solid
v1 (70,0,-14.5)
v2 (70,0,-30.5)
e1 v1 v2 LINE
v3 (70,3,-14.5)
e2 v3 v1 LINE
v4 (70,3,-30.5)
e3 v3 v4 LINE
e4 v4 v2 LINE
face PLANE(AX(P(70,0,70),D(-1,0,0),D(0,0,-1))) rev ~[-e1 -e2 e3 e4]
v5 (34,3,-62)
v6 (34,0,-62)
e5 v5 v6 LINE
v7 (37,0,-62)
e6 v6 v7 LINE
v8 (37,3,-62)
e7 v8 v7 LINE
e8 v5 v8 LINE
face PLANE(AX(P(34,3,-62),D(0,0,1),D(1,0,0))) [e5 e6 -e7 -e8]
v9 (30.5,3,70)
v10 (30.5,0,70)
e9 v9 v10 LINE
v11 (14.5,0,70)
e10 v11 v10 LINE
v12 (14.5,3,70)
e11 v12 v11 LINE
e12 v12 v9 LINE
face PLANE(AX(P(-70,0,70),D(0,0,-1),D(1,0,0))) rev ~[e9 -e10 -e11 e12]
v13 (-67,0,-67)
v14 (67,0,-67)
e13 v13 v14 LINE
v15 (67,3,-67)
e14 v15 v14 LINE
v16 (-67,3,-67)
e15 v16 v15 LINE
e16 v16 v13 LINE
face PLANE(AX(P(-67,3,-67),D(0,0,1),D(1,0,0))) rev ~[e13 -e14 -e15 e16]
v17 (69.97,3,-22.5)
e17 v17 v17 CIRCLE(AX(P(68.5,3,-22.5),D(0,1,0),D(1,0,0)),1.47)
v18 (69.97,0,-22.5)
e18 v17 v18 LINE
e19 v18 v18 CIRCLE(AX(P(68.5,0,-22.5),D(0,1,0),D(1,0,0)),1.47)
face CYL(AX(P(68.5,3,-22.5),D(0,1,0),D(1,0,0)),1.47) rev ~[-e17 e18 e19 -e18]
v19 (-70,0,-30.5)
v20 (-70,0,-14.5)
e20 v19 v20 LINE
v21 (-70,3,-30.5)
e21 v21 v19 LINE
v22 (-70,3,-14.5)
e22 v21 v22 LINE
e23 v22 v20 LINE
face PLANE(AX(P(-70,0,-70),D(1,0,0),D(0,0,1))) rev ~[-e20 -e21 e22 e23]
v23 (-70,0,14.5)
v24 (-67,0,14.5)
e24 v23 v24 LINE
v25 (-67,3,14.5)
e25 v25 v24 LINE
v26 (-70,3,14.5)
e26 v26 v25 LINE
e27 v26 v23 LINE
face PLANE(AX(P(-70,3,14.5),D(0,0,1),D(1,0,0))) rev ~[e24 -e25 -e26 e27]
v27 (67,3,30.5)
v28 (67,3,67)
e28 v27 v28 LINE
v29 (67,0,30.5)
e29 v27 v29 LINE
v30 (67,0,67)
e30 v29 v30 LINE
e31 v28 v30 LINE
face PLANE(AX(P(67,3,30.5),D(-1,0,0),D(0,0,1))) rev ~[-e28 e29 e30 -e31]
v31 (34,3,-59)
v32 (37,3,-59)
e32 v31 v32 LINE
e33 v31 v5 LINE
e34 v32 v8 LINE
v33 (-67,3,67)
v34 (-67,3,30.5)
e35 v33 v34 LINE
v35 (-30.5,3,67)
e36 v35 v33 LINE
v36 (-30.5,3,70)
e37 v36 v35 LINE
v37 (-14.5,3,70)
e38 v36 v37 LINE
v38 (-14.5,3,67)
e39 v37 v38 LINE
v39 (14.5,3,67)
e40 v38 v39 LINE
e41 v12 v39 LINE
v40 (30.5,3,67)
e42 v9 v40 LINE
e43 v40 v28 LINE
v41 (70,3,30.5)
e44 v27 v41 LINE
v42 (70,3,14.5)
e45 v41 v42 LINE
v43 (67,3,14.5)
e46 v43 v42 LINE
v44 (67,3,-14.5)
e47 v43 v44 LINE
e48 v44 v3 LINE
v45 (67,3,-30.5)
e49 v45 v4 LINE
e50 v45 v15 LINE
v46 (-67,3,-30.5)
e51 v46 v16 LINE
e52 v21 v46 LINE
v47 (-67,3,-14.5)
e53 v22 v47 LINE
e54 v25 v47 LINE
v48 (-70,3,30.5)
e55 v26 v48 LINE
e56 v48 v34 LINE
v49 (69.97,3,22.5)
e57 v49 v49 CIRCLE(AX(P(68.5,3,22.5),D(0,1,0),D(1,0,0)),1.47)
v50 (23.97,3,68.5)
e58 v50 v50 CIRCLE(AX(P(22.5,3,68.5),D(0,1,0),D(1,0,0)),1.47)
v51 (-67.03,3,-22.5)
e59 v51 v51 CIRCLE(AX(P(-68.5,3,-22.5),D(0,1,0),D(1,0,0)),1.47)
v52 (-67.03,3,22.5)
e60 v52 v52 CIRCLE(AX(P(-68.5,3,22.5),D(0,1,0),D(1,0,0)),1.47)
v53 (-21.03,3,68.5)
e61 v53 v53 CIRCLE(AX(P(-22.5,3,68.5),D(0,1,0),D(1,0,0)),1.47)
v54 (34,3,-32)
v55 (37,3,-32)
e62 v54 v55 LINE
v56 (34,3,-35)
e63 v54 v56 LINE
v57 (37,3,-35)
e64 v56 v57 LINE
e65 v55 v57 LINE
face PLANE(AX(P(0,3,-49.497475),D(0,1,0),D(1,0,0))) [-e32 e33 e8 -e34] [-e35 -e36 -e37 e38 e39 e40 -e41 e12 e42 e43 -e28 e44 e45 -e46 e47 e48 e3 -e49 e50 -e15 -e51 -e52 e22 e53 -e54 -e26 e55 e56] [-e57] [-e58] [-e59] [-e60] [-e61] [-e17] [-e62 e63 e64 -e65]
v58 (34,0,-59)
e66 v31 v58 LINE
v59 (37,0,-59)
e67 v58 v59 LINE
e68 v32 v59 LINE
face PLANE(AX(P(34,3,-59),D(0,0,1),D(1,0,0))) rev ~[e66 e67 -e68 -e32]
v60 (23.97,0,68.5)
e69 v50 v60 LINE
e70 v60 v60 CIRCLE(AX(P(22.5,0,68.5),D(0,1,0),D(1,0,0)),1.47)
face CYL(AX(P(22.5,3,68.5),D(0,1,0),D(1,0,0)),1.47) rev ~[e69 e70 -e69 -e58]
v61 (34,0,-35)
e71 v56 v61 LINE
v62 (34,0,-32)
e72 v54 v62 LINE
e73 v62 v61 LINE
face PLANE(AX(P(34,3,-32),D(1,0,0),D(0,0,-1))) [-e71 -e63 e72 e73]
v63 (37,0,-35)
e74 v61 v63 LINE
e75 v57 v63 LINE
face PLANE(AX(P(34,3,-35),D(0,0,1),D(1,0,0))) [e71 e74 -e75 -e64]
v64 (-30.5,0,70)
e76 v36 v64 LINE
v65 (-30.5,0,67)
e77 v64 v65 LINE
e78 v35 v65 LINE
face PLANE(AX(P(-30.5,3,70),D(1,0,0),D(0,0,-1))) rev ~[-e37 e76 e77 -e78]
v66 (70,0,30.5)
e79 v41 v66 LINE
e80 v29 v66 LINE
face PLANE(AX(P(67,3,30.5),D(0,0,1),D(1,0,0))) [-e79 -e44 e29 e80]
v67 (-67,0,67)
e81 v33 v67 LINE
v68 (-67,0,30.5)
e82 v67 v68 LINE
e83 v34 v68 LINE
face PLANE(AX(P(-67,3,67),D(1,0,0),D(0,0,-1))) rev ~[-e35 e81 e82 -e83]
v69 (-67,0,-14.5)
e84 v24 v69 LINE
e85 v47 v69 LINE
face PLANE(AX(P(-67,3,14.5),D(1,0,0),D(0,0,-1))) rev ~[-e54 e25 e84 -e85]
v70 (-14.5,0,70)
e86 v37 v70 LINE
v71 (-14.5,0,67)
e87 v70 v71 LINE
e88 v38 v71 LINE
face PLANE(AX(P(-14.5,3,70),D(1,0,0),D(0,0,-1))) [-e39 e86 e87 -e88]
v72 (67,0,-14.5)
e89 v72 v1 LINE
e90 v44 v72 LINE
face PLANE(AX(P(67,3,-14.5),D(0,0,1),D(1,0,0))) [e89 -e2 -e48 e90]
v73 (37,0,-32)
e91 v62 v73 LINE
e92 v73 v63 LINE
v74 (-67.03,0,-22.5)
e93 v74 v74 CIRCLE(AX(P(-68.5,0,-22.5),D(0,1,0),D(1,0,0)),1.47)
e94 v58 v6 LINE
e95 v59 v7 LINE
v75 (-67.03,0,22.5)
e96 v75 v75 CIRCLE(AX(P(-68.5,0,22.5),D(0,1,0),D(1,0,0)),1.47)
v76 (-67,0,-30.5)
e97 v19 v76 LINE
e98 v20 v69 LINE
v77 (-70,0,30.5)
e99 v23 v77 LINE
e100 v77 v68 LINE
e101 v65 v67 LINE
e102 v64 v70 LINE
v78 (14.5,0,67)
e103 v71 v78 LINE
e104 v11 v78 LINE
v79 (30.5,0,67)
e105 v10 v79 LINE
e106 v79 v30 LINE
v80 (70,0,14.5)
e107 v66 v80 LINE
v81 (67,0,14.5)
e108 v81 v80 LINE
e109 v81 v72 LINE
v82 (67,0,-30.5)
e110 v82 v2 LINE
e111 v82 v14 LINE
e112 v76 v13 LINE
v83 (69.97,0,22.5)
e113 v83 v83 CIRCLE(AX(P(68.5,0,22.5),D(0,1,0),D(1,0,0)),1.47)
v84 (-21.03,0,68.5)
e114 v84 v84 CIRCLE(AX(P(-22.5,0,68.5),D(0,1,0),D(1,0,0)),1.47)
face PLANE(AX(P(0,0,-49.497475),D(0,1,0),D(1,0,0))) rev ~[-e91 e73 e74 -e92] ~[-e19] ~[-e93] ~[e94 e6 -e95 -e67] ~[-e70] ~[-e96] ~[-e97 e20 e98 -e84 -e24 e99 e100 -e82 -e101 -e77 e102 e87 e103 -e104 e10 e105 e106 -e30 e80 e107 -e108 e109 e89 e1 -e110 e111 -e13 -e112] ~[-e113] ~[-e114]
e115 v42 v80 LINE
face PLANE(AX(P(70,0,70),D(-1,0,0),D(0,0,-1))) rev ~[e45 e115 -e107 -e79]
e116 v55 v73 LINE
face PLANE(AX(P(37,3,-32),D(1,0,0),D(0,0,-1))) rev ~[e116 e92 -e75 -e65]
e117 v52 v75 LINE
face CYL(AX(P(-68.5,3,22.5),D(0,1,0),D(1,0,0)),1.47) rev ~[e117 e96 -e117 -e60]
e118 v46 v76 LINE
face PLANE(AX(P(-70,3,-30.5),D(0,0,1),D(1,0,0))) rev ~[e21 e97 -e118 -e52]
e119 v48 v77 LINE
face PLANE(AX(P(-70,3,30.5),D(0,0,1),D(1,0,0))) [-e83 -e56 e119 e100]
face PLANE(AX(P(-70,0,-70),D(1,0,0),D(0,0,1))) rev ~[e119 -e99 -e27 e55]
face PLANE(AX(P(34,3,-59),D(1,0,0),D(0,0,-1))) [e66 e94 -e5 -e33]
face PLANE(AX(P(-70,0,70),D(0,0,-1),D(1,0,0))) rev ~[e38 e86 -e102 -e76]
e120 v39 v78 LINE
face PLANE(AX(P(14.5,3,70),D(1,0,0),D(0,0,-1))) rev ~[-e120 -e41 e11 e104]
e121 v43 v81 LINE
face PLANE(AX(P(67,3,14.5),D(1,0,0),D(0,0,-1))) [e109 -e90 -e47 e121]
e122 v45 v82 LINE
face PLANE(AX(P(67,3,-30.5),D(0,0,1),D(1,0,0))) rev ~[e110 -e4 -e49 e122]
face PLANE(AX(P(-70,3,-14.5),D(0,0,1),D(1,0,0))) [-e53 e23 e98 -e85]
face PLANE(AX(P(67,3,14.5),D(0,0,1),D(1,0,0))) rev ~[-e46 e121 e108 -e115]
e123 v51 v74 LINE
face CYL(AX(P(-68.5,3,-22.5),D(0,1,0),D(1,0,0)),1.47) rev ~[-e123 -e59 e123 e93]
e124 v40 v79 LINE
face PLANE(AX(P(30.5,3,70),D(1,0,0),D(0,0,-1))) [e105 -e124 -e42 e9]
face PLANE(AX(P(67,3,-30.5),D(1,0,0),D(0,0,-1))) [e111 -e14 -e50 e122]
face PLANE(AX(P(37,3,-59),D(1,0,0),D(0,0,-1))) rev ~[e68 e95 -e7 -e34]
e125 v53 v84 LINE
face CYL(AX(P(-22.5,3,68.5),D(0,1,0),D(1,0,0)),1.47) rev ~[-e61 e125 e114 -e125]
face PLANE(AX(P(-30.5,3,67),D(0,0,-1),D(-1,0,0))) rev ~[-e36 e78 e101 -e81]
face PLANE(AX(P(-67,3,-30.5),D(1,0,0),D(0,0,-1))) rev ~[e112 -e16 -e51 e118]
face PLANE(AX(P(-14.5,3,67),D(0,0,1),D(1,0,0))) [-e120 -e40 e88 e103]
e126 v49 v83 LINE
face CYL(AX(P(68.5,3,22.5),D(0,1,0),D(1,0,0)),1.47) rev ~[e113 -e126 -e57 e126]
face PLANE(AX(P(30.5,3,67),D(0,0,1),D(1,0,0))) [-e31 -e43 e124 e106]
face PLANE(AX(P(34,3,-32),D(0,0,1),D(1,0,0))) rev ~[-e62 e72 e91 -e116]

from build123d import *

# Parameters (mm, degrees)
BOSS_EXTRUDE1_DEPTH = 3
SKETCH2_W           = 3
SKETCH2_H           = 3
SKETCH2_H_2         = 36.5
SKETCH2_W_2         = 36.5
SKETCH2_W_3         = 29
SKETCH2_H_3         = 29
CUT_EXTRUDE2_DEPTH  = 3
SKETCH3_R           = 1.47
CUT_EXTRUDE3_DEPTH  = 3
SKETCH4_W           = 16
SKETCH4_H           = 3
CUT_EXTRUDE6_DEPTH  = 3
SKETCH6_W           = 16
SKETCH6_H           = 3
CUT_EXTRUDE7_DEPTH  = 3
SKETCH7_W           = 3
SKETCH7_H           = 3
CUT_EXTRUDE8_DEPTH  = 3


with BuildPart() as part:
    # Sketch1 → Boss-Extrude1 (new body)
    with BuildSketch(Plane(origin=(0, 0, 0), x_dir=(1, 0, 0), z_dir=(0, 1, 0))):
        Polygon((70, 70), (-70, 70), (0, 0), align=None)
        Polygon((0, 0), (-70, 70), (-70, -70), align=None)
        Polygon((70, -70), (0, 0), (-70, -70), align=None)
        Polygon((70, 70), (0, 0), (70, -70), align=None)
    extrude(amount=BOSS_EXTRUDE1_DEPTH)

    # Sketch2 → Cut-Extrude2 (cut)
    with BuildSketch(Plane(origin=(0, 3, 0), x_dir=(1, 0, 0), z_dir=(0, 1, 0))):
        with Locations((-68.5, 68.5)):
            Rectangle(SKETCH2_W, SKETCH2_H)
        with Locations((-68.5, 48.75)):
            Rectangle(SKETCH2_W, SKETCH2_H_2)
        with Locations((-48.75, 68.5)):
            Rectangle(SKETCH2_W_2, SKETCH2_H)
        with Locations((48.75, 68.5)):
            Rectangle(SKETCH2_W_2, SKETCH2_H)
        with Locations((68.5, 68.5)):
            Rectangle(SKETCH2_W, SKETCH2_H)
        with Locations((68.5, 48.75)):
            Rectangle(SKETCH2_W, SKETCH2_H_2)
        with Locations((68.5, -68.5)):
            Rectangle(SKETCH2_W, SKETCH2_H)
        with Locations((68.5, -48.75)):
            Rectangle(SKETCH2_W, SKETCH2_H_2)
        with Locations((48.75, -68.5)):
            Rectangle(SKETCH2_W_2, SKETCH2_H)
        with Locations((-48.75, -68.5)):
            Rectangle(SKETCH2_W_2, SKETCH2_H)
        with Locations((-68.5, -68.5)):
            Rectangle(SKETCH2_W, SKETCH2_H)
        with Locations((-68.5, -48.75)):
            Rectangle(SKETCH2_W, SKETCH2_H_2)
        with Locations((0, 68.5)):
            Rectangle(SKETCH2_W_3, SKETCH2_H)
        with Locations((0, -68.5)):
            Rectangle(SKETCH2_W_3, SKETCH2_H)
        with Locations((68.5, 0)):
            Rectangle(SKETCH2_W, SKETCH2_H_3)
        with Locations((-68.5, 0)):
            Rectangle(SKETCH2_W, SKETCH2_H_3)
    extrude(amount=-CUT_EXTRUDE2_DEPTH, mode=Mode.SUBTRACT)

    # Sketch3 → Cut-Extrude3 (cut)
    with BuildSketch(Plane(origin=(0, 3, 0), x_dir=(1, 0, 0), z_dir=(0, 1, 0))):
        with Locations((22.5, -68.5)):
            Circle(SKETCH3_R)
        with Locations((-22.5, -68.5)):
            Circle(SKETCH3_R)
        with Locations((-22.5, 68.5)):
            Circle(SKETCH3_R)
        with Locations((22.5, 68.5)):
            Circle(SKETCH3_R)
        with Locations((68.5, -22.5)):
            Circle(SKETCH3_R)
        with Locations((-68.5, -22.5)):
            Circle(SKETCH3_R)
        with Locations((-68.5, 22.5)):
            Circle(SKETCH3_R)
        with Locations((68.5, 22.5)):
            Circle(SKETCH3_R)
    extrude(amount=-CUT_EXTRUDE3_DEPTH, mode=Mode.SUBTRACT)

    # Sketch4 → Cut-Extrude6 (cut)
    with BuildSketch(Plane(origin=(0, 3, 0), x_dir=(1, 0, 0), z_dir=(0, 1, 0))):
        with Locations((22.5, 68.5)):
            Rectangle(SKETCH4_W, SKETCH4_H)
    extrude(amount=-CUT_EXTRUDE6_DEPTH, mode=Mode.SUBTRACT)

    # Sketch6 → Cut-Extrude7 (cut)
    with BuildSketch(Plane(origin=(0, 3, 0), x_dir=(1, 0, 0), z_dir=(0, 1, 0))):
        with Locations((-22.5, 68.5)):
            Rectangle(SKETCH6_W, SKETCH6_H)
    extrude(amount=-CUT_EXTRUDE7_DEPTH, mode=Mode.SUBTRACT)

    # Sketch7 → Cut-Extrude8 (cut)
    with BuildSketch(Plane(origin=(0, 3, 0), x_dir=(1, 0, 0), z_dir=(0, 1, 0))):
        with Locations((35.5, 33.5)):
            Rectangle(SKETCH7_W, SKETCH7_H)
        with Locations((35.5, 60.5)):
            Rectangle(SKETCH7_W, SKETCH7_H)
    extrude(amount=-CUT_EXTRUDE8_DEPTH, mode=Mode.SUBTRACT)


solid = part.part
